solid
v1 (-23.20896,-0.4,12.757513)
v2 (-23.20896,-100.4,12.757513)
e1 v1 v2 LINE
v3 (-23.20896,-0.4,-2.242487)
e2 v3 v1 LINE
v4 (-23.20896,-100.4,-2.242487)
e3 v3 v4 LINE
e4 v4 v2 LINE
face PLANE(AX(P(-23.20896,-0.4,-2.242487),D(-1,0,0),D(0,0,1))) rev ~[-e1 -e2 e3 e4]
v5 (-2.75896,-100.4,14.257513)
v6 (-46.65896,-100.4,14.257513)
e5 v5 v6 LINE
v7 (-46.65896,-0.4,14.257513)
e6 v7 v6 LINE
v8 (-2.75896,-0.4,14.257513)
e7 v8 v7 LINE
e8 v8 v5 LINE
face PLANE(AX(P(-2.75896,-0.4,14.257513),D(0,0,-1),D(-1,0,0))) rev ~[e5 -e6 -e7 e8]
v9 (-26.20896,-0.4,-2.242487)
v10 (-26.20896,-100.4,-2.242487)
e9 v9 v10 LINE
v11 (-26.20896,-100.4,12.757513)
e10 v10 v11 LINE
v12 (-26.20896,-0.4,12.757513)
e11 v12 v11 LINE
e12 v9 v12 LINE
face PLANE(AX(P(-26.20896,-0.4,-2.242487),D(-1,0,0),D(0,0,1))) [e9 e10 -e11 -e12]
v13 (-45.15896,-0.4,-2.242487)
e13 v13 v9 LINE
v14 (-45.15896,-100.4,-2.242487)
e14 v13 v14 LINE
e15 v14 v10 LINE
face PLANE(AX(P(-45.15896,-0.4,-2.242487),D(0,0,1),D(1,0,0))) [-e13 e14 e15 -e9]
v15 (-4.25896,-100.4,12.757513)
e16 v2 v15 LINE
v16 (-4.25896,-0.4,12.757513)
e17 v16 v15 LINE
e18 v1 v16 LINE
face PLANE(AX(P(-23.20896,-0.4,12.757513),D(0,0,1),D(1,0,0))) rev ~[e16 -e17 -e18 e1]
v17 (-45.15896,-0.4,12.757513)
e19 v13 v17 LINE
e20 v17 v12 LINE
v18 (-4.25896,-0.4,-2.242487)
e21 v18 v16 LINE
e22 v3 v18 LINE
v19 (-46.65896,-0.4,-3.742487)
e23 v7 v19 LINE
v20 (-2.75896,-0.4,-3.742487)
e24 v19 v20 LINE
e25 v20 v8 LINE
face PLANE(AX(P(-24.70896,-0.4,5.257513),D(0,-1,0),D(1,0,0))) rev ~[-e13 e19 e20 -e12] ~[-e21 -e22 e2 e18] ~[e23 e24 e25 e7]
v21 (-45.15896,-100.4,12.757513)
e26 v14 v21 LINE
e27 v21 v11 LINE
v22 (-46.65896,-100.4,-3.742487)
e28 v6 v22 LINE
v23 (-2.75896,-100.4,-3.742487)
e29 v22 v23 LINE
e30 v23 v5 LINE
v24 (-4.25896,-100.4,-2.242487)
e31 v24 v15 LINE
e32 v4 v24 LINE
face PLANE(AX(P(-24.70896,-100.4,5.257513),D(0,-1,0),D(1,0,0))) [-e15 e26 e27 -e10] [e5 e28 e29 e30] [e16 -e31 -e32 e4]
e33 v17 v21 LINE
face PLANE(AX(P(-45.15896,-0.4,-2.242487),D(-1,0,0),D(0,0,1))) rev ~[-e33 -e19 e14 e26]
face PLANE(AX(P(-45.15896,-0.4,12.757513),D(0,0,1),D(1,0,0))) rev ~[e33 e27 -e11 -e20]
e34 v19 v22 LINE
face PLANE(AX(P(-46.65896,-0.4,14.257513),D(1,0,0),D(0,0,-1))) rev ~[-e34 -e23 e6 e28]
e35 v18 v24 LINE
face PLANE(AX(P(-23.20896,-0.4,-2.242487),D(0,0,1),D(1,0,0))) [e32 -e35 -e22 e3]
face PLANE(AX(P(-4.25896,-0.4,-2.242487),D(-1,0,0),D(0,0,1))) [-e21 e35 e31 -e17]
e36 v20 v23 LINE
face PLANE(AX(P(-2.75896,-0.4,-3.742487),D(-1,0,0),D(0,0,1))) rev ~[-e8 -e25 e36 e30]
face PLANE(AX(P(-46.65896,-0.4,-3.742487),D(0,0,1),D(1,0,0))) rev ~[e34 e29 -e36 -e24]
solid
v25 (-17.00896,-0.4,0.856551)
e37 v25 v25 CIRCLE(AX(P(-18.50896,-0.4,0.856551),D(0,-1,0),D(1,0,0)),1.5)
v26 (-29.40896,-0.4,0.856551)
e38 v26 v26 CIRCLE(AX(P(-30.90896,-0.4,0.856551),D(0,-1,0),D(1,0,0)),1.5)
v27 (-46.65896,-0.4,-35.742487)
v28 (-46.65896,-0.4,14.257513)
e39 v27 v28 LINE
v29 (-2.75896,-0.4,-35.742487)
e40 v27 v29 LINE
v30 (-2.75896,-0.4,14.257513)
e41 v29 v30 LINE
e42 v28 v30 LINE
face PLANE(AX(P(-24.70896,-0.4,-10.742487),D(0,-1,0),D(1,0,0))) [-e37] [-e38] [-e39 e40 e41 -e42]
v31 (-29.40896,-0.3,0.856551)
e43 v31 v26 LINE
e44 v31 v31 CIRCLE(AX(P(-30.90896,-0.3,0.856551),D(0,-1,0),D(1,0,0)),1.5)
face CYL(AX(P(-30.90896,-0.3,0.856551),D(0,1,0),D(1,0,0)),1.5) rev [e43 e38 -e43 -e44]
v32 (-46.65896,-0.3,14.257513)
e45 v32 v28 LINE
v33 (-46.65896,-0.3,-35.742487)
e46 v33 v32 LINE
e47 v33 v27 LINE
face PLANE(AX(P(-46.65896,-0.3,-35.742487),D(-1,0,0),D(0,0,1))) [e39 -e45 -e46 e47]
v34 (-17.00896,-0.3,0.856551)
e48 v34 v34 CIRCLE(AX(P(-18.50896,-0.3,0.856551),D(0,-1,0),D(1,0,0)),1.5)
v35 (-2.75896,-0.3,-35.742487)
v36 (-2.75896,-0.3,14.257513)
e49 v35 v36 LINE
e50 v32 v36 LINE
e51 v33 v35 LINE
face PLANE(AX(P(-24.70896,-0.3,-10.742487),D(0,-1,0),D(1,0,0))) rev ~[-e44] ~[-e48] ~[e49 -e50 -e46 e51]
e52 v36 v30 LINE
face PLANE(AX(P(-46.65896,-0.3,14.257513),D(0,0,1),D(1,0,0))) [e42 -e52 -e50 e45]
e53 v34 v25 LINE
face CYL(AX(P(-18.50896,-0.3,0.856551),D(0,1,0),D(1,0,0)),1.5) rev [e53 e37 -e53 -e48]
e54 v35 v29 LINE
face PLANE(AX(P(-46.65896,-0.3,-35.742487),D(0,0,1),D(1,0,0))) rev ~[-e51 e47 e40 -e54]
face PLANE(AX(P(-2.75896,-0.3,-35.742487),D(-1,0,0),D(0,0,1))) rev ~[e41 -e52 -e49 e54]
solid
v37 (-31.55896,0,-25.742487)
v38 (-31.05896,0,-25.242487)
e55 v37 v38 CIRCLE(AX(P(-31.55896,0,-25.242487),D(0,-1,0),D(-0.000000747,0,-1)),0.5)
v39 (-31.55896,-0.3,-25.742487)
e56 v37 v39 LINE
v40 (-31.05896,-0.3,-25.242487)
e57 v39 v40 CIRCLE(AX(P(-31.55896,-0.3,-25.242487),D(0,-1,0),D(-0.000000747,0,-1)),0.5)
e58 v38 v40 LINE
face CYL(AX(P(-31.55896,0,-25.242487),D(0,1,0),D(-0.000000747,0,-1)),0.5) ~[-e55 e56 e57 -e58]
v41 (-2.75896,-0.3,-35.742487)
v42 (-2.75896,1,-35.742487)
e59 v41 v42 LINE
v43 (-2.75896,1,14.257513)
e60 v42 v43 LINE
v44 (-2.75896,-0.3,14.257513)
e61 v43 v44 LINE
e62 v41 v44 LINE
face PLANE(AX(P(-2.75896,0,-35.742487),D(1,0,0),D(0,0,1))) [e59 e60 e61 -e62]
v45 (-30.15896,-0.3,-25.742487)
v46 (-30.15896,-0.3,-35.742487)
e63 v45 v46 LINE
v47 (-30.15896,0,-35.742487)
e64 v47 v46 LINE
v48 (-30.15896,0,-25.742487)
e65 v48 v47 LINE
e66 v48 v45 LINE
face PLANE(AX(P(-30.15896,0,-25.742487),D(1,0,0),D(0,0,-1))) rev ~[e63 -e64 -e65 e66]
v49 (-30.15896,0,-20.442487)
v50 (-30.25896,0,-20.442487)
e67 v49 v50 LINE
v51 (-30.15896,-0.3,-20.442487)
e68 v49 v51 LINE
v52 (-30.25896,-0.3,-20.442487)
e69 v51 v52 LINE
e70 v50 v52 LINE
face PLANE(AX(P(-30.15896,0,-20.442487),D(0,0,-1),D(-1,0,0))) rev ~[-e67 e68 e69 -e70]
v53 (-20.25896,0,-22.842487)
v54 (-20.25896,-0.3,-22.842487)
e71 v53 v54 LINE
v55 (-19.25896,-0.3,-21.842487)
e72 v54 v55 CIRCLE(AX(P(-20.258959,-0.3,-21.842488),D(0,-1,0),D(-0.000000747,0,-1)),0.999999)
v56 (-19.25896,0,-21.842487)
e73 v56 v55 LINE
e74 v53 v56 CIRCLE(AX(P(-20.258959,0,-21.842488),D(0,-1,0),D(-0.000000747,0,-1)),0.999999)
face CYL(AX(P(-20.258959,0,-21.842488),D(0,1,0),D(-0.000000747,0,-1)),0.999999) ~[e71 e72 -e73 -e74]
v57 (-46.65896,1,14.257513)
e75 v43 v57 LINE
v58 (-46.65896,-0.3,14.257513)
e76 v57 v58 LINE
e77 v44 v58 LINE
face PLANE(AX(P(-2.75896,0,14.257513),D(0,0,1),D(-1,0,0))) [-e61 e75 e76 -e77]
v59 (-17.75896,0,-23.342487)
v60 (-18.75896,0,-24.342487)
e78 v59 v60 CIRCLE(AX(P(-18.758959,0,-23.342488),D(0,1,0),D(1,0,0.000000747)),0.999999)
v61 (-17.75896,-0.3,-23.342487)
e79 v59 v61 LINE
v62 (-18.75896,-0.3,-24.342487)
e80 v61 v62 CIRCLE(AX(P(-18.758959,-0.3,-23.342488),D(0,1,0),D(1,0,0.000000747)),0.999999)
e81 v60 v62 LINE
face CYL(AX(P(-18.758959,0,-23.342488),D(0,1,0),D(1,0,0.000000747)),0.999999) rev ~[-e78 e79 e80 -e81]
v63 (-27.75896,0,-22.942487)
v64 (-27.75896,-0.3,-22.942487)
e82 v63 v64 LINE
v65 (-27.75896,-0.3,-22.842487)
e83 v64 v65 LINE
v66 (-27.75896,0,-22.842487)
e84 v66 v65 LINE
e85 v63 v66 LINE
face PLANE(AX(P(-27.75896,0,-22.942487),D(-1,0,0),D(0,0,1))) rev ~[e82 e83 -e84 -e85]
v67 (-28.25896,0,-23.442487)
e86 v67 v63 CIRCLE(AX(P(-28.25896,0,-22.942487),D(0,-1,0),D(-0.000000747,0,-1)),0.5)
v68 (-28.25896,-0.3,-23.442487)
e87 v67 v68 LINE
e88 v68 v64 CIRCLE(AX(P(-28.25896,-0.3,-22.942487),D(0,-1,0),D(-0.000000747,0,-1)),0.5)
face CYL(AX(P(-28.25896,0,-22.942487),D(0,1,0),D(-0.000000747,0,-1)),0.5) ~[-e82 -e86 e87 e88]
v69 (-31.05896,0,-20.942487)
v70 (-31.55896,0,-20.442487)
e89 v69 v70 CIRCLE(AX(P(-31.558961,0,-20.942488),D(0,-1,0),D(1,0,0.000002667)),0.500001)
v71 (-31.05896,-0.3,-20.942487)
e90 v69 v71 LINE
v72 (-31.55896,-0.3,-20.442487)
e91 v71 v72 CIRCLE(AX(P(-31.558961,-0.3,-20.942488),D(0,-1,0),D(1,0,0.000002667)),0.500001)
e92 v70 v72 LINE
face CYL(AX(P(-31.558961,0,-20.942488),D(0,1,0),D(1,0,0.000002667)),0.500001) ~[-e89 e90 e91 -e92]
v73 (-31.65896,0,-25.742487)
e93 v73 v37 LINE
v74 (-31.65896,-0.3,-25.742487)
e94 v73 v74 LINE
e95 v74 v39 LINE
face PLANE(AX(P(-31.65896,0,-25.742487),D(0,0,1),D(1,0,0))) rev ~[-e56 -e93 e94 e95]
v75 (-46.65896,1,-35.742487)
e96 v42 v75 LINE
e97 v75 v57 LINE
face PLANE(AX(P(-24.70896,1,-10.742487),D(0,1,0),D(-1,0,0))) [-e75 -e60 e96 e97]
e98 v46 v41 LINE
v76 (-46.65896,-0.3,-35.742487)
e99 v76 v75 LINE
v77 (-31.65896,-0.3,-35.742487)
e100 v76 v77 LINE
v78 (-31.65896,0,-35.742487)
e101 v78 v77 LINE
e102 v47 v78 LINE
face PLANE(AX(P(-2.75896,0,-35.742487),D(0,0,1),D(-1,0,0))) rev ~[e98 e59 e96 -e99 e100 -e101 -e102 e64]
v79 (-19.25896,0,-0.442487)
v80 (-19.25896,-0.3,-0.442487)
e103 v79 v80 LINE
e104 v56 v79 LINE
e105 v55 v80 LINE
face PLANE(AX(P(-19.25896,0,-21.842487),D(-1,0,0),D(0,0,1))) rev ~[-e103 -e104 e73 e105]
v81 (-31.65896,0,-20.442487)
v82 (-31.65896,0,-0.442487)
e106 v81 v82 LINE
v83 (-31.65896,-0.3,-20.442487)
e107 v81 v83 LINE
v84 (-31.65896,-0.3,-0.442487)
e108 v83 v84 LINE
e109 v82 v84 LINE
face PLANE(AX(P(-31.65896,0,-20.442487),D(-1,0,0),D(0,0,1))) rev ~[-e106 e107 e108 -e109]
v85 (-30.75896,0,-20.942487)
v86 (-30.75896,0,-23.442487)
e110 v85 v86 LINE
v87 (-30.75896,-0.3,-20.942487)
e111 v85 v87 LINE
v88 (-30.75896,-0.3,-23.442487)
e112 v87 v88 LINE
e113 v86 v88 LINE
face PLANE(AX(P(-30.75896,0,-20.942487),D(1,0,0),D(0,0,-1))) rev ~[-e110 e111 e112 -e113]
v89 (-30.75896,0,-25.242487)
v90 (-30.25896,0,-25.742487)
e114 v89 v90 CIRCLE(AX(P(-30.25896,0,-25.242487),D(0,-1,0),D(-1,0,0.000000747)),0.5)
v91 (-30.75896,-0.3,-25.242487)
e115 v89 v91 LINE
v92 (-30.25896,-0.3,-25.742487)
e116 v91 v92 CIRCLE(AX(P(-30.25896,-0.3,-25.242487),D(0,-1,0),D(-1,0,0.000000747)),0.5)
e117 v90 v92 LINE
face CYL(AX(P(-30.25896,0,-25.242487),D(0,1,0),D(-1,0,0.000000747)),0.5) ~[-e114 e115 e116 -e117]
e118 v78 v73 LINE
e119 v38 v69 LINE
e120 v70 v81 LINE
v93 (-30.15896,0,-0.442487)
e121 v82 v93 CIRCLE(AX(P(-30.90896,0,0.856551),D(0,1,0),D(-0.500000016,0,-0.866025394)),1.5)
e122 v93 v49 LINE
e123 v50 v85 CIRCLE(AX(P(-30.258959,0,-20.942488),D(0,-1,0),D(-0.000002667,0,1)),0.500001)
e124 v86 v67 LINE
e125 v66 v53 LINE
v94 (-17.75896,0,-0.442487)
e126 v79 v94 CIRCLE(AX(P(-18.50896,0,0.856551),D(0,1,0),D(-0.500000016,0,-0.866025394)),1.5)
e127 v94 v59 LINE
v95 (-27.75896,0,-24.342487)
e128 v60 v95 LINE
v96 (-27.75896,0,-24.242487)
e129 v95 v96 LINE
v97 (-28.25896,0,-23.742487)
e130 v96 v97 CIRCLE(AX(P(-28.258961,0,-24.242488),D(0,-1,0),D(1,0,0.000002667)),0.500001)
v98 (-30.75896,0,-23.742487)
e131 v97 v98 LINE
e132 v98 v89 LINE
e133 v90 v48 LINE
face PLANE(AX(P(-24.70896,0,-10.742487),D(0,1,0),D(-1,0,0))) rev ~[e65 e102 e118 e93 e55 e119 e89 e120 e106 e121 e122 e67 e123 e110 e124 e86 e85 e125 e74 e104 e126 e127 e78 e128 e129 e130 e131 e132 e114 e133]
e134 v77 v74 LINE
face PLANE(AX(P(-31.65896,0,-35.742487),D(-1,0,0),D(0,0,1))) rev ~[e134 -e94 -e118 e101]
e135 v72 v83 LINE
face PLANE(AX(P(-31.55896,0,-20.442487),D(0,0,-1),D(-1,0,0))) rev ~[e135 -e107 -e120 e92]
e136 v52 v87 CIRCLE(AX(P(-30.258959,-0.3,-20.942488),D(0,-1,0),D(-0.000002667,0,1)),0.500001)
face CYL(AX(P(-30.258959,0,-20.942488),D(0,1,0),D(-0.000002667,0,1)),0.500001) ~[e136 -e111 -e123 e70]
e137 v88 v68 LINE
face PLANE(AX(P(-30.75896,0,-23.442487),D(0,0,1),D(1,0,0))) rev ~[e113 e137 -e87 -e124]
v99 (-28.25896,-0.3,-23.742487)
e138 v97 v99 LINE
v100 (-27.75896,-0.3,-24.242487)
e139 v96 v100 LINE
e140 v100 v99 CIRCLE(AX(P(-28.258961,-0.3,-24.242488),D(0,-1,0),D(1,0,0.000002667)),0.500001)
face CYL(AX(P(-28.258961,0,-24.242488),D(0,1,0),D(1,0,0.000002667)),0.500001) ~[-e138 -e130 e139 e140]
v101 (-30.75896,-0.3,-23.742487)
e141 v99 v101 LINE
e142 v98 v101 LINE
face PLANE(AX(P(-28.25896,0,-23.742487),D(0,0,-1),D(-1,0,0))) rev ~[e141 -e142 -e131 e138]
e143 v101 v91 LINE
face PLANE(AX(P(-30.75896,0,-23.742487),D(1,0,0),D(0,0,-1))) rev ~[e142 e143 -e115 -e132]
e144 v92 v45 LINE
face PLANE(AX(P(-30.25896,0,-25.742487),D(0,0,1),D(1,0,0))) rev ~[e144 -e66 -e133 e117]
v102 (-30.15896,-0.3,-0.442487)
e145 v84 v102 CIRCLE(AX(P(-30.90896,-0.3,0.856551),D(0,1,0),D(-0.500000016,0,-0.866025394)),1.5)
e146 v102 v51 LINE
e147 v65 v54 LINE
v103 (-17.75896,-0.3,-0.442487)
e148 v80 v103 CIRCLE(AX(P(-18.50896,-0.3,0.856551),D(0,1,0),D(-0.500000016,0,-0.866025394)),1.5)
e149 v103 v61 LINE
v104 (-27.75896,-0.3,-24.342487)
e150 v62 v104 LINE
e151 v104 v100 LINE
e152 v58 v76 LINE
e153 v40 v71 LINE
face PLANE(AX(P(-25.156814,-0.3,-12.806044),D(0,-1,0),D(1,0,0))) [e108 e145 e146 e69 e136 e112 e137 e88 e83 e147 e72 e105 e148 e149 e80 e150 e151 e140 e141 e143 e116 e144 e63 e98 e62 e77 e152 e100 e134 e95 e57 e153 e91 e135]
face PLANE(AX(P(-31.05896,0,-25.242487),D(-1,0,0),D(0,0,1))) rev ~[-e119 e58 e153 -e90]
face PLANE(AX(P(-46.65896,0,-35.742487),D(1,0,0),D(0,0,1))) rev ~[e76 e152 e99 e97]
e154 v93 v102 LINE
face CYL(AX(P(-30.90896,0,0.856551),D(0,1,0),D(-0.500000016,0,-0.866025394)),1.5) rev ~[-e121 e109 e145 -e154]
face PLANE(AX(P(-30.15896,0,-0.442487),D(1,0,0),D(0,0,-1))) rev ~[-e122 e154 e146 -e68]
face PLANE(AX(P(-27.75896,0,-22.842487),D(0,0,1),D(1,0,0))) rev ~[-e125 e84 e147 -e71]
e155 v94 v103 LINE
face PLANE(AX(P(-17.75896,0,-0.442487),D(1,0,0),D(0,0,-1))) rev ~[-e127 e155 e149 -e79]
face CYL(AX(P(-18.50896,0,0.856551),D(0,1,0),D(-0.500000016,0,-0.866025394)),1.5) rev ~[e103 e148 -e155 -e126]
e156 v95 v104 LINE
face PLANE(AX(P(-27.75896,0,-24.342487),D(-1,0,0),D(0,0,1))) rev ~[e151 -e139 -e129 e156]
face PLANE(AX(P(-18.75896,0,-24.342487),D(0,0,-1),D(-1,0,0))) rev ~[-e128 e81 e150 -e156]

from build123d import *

# Parameters (mm, degrees)
F1_DEPTH = 0.3
F2_W     = 43.9
F2_H     = 50
F3_DEPTH = 1
F4_W     = 43.9
F4_H     = 50
F4_R     = 1.5
F5_DEPTH = 0.1
F6_W     = 18.95
F6_H     = 15
F7_DEPTH = 100


with BuildPart() as f1:
    # F0 (on Front) → F1 (new body)
    with BuildSketch(Plane.XZ):
        with BuildLine():
            Line((-31.05896, -25.242487), (-31.05896, -20.942487))
            ThreePointArc((-31.05896, -20.942487), (-31.205407, -20.588934), (-31.55896, -20.442487))
            Line((-31.55896, -20.442487), (-31.65896, -20.442487))
            Line((-31.65896, -20.442487), (-31.65896, -0.442487))
            ThreePointArc((-31.65896, -0.442487), (-30.90896, 2.356551), (-30.15896, -0.442487))
            Line((-30.15896, -0.442487), (-30.15896, -20.442487))
            Line((-30.15896, -20.442487), (-30.25896, -20.442487))
            ThreePointArc((-30.25896, -20.442487), (-30.612513, -20.588934), (-30.75896, -20.942487))
            Line((-30.75896, -20.942487), (-30.75896, -23.442487))
            Line((-30.75896, -23.442487), (-28.25896, -23.442487))
            ThreePointArc((-28.25896, -23.442487), (-27.905407, -23.296041), (-27.75896, -22.942487))
            Line((-27.75896, -22.942487), (-27.75896, -22.842487))
            Line((-27.75896, -22.842487), (-20.25896, -22.842487))
            ThreePointArc((-20.25896, -22.842487), (-19.551853, -22.549594), (-19.25896, -21.842487))
            Line((-19.25896, -21.842487), (-19.25896, -0.442487))
            ThreePointArc((-19.25896, -0.442487), (-18.50896, 2.356551), (-17.75896, -0.442487))
            Line((-17.75896, -0.442487), (-17.75896, -23.342487))
            ThreePointArc((-17.75896, -23.342487), (-18.051853, -24.049594), (-18.75896, -24.342487))
            Line((-18.75896, -24.342487), (-27.75896, -24.342487))
            Line((-27.75896, -24.342487), (-27.75896, -24.242487))
            ThreePointArc((-27.75896, -24.242487), (-27.905407, -23.888934), (-28.25896, -23.742487))
            Line((-28.25896, -23.742487), (-30.75896, -23.742487))
            Line((-30.75896, -23.742487), (-30.75896, -25.242487))
            ThreePointArc((-30.75896, -25.242487), (-30.612513, -25.596041), (-30.25896, -25.742487))
            Line((-30.25896, -25.742487), (-30.15896, -25.742487))
            Line((-30.15896, -25.742487), (-30.15896, -35.742487))
            Line((-30.15896, -35.742487), (-2.75896, -35.742487))
            Line((-2.75896, -35.742487), (-2.75896, 14.257513))
            Line((-2.75896, 14.257513), (-46.65896, 14.257513))
            Line((-46.65896, 14.257513), (-46.65896, -35.742487))
            Line((-46.65896, -35.742487), (-31.65896, -35.742487))
            Line((-31.65896, -35.742487), (-31.65896, -25.742487))
            Line((-31.65896, -25.742487), (-31.55896, -25.742487))
            ThreePointArc((-31.55896, -25.742487), (-31.205407, -25.596041), (-31.05896, -25.242487))
        make_face()
    extrude(amount=F1_DEPTH)

    # F2 (on face) → F3 (join)
    with BuildSketch(Plane(origin=(0, 0, 0), x_dir=(-1, 0, 0), z_dir=(0, 1, 0))):
        with Locations((24.70896, -10.742487)):
            Rectangle(F2_W, F2_H)
    extrude(amount=F3_DEPTH)


with BuildPart() as f5:
    # F4 (on face) → F5 (new body)
    with BuildSketch(Plane.XZ.offset(0.3)):
        with Locations((-24.70896, -10.742487)):
            Rectangle(F4_W, F4_H)
        with Locations((-30.90896, 0.856551)):
            Circle(F4_R, mode=Mode.SUBTRACT)
        with Locations((-18.50896, 0.856551)):
            Circle(F4_R, mode=Mode.SUBTRACT)
    extrude(amount=F5_DEPTH)


with BuildPart() as f7:
    # F6 (on face) → F7 (new body)
    with BuildSketch(Plane.XZ.offset(0.4)):
        Polygon((-46.65896, -3.742487), (-24.70896, -3.742487), (-2.75896, -3.742487), (-2.75896, 14.257513), (-24.70896, 14.257513), (-46.65896, 14.257513), align=None)
        with Locations((-35.68396, 5.257513)):
            Rectangle(F6_W, F6_H, mode=Mode.SUBTRACT)
        with Locations((-13.73396, 5.257513)):
            Rectangle(F6_W, F6_H, mode=Mode.SUBTRACT)
    extrude(amount=F7_DEPTH)


solid = Compound([f1.part, f5.part, f7.part])
